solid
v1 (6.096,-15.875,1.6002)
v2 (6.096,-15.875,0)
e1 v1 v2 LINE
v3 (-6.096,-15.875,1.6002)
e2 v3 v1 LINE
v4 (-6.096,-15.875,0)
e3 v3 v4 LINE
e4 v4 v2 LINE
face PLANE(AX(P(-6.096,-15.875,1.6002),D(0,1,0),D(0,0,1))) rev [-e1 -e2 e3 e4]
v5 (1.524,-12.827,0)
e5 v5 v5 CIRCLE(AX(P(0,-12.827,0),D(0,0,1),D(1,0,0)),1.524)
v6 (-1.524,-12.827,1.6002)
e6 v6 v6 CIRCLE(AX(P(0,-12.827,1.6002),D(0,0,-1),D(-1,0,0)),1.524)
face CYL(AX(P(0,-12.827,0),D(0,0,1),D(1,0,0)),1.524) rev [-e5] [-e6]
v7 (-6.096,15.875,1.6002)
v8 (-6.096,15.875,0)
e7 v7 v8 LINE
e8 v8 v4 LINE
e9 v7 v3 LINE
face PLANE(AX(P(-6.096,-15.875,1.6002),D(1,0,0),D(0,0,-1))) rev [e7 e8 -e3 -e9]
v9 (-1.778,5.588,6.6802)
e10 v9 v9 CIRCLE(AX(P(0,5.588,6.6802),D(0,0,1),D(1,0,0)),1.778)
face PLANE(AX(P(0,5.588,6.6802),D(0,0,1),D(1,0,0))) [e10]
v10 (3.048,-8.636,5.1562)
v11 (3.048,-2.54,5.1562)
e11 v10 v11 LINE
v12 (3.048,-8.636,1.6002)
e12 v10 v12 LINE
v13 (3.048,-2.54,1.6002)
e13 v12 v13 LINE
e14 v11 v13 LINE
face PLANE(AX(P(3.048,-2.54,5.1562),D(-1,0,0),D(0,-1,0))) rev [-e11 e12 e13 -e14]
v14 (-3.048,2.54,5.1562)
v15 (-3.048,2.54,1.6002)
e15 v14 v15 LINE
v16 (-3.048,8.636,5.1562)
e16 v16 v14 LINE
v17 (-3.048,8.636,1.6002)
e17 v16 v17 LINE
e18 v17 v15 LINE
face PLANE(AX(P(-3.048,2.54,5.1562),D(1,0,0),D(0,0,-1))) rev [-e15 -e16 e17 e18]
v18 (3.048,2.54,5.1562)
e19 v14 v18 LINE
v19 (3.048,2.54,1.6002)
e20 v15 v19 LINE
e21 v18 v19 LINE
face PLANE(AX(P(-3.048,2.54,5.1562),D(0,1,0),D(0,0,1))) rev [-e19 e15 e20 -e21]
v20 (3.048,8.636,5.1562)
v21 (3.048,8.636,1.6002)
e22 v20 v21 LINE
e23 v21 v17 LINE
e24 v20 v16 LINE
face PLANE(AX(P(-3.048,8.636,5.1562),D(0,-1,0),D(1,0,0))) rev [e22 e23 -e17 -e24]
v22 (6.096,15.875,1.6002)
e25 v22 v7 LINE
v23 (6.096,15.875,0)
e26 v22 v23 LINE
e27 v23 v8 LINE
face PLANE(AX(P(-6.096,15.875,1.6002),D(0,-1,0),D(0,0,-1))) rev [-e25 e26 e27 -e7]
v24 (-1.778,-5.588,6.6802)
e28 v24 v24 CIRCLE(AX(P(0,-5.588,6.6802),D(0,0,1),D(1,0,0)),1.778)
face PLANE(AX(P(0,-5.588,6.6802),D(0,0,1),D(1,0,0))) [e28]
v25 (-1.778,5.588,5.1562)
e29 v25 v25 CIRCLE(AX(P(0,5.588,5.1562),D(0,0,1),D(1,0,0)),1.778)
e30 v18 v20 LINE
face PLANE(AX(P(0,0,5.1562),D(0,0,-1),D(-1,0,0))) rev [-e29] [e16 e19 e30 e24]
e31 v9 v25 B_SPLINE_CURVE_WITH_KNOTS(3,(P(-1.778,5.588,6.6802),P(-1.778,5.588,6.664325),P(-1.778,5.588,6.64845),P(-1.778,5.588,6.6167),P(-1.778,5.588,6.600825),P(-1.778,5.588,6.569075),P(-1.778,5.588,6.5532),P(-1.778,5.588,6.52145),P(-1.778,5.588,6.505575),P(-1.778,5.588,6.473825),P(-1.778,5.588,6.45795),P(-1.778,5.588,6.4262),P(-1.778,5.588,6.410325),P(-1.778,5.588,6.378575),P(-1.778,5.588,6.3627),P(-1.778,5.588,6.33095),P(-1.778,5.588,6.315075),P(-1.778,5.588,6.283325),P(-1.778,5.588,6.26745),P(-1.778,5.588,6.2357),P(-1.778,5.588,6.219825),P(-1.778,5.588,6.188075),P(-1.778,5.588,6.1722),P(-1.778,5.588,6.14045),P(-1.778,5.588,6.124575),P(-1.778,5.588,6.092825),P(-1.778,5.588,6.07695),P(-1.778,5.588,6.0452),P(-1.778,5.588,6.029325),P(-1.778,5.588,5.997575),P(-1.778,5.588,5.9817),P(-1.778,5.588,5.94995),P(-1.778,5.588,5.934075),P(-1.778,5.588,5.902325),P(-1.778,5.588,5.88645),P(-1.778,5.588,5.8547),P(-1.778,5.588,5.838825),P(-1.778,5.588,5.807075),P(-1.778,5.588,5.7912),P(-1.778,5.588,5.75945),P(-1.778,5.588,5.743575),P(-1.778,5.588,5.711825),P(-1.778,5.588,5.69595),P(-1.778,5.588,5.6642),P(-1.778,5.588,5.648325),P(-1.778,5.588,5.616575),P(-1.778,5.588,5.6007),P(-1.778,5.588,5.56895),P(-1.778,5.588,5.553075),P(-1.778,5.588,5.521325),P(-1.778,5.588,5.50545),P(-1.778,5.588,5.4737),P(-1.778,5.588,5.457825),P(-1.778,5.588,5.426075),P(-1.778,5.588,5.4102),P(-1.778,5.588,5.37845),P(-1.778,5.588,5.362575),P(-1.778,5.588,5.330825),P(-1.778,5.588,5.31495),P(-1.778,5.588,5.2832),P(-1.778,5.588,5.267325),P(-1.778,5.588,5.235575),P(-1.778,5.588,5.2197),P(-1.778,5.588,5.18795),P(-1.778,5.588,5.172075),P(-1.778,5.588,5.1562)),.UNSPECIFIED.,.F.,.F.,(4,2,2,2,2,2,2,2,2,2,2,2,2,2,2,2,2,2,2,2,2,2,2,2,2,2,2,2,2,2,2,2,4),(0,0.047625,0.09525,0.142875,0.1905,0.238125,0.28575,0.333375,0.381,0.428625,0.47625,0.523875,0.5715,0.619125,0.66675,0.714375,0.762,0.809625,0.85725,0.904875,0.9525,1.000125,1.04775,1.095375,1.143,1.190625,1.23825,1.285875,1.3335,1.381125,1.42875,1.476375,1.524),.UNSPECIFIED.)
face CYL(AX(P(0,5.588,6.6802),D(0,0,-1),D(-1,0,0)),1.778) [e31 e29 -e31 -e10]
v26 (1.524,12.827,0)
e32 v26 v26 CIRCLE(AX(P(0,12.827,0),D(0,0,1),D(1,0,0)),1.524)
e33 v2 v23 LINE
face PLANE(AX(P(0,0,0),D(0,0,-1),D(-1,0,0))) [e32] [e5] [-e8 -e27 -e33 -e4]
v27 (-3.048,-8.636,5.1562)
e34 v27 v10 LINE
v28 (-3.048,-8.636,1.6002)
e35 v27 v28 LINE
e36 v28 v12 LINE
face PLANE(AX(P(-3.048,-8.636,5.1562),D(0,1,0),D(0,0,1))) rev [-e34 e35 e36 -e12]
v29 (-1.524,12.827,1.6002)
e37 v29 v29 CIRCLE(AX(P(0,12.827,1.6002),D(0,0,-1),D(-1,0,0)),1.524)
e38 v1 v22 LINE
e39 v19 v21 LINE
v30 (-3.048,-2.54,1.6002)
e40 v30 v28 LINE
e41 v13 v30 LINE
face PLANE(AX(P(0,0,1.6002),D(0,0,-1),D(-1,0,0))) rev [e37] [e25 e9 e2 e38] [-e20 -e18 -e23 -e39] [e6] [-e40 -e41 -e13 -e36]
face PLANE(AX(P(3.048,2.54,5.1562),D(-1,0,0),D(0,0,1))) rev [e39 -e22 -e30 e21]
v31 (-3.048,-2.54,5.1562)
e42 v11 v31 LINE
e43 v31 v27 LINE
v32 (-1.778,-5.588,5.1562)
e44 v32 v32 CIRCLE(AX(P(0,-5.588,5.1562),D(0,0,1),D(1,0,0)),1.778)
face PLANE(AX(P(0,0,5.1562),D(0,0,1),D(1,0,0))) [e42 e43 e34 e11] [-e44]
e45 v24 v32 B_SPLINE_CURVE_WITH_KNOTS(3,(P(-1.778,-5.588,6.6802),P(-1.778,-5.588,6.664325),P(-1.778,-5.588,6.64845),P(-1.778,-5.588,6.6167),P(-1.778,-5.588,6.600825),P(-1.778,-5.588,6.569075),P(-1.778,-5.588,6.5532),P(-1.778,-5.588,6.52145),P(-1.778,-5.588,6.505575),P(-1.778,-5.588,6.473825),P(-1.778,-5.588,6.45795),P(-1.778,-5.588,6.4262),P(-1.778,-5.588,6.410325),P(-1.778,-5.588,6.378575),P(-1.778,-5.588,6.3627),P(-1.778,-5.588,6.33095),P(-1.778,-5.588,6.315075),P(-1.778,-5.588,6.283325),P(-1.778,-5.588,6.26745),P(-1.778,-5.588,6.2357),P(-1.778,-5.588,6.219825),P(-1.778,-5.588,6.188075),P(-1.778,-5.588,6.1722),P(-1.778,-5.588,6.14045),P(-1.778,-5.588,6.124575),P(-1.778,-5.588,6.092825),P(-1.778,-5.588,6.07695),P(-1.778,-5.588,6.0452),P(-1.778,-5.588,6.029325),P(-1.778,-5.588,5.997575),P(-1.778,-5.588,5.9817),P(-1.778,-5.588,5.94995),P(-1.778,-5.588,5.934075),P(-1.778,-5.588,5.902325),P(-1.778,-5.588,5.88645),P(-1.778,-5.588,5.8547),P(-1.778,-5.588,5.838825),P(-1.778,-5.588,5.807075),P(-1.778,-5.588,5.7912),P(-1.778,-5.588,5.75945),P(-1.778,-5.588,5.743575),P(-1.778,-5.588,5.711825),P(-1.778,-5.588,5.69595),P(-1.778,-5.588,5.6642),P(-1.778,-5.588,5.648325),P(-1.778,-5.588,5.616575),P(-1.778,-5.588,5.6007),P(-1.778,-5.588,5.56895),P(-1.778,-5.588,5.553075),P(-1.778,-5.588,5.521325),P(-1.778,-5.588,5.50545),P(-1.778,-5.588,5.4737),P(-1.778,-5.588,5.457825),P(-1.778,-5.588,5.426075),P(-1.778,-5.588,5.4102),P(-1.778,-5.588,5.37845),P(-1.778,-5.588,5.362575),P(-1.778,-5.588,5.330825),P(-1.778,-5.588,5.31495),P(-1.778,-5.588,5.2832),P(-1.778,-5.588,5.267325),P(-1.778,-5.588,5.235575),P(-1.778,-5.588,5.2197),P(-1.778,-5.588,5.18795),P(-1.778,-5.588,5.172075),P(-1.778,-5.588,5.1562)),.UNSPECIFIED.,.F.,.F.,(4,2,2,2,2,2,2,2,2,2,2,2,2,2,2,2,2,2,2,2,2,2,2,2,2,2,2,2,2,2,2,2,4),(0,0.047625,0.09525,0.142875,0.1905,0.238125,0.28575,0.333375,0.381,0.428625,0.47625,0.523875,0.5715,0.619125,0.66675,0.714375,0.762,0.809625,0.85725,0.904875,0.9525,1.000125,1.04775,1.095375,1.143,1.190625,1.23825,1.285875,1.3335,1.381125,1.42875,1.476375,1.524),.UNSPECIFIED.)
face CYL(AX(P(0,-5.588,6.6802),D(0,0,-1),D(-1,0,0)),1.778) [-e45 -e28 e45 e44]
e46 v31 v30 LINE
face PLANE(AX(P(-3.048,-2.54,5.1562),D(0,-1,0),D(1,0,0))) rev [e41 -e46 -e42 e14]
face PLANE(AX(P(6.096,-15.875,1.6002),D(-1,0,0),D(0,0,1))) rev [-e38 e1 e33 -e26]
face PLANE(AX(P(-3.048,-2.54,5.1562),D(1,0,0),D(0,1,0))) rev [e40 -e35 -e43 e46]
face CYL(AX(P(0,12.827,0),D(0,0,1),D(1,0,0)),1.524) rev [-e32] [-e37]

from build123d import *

# Parameters (mm, degrees)
SKETCH1_W               = 12.192
SKETCH1_H               = 31.75
BOSS_EXTRUDE1_DEPTH     = 1.6002
SKETCH2_W               = 6.096
SKETCH2_H               = 6.096
BOSS_EXTRUDE2_DEPTH     = 3.556
SKETCH3_R               = 1.778
BOSS_EXTRUDE3_DEPTH     = 1.524
CUT_EXTRUDE1_DEPTH      = 18.747767212
CUT_EXTRUDE1_DEPTH_BACK = 18.747767212
SKETCH4_R               = 1.524


with BuildPart() as part:
    # Sketch1 → Boss-Extrude1 (new body)
    with BuildSketch(Plane.XY):
        Rectangle(SKETCH1_W, SKETCH1_H)
    extrude(amount=BOSS_EXTRUDE1_DEPTH)

    # Sketch2 → Boss-Extrude2 (add)
    with BuildSketch(Plane.XY.offset(1.6002)):
        with Locations((0, 5.588)):
            Rectangle(SKETCH2_W, SKETCH2_H)
        with Locations((0, -5.588)):
            Rectangle(SKETCH2_W, SKETCH2_H)
    extrude(amount=BOSS_EXTRUDE2_DEPTH)

    # Sketch3 → Boss-Extrude3 (add)
    with BuildSketch(Plane.XY.offset(5.1562)):
        with Locations(Location((0, 5.588, 0), (0, 0, 180))):
            Circle(SKETCH3_R)
        with Locations(Location((0, -5.588, 0), (0, 0, 180))):
            Circle(SKETCH3_R)
    extrude(amount=BOSS_EXTRUDE3_DEPTH)

    # Sketch4 → Cut-Extrude1 (cut, two sides: drawn at the far end of the back side and taken through both)
    with BuildSketch(Plane.XY.offset(1.6002).offset(-CUT_EXTRUDE1_DEPTH_BACK)):
        with Locations((0, 12.827)):
            Circle(SKETCH4_R)
        with Locations((0, -12.827)):
            Circle(SKETCH4_R)
    extrude(amount=CUT_EXTRUDE1_DEPTH + CUT_EXTRUDE1_DEPTH_BACK, mode=Mode.SUBTRACT)


solid = part.part
